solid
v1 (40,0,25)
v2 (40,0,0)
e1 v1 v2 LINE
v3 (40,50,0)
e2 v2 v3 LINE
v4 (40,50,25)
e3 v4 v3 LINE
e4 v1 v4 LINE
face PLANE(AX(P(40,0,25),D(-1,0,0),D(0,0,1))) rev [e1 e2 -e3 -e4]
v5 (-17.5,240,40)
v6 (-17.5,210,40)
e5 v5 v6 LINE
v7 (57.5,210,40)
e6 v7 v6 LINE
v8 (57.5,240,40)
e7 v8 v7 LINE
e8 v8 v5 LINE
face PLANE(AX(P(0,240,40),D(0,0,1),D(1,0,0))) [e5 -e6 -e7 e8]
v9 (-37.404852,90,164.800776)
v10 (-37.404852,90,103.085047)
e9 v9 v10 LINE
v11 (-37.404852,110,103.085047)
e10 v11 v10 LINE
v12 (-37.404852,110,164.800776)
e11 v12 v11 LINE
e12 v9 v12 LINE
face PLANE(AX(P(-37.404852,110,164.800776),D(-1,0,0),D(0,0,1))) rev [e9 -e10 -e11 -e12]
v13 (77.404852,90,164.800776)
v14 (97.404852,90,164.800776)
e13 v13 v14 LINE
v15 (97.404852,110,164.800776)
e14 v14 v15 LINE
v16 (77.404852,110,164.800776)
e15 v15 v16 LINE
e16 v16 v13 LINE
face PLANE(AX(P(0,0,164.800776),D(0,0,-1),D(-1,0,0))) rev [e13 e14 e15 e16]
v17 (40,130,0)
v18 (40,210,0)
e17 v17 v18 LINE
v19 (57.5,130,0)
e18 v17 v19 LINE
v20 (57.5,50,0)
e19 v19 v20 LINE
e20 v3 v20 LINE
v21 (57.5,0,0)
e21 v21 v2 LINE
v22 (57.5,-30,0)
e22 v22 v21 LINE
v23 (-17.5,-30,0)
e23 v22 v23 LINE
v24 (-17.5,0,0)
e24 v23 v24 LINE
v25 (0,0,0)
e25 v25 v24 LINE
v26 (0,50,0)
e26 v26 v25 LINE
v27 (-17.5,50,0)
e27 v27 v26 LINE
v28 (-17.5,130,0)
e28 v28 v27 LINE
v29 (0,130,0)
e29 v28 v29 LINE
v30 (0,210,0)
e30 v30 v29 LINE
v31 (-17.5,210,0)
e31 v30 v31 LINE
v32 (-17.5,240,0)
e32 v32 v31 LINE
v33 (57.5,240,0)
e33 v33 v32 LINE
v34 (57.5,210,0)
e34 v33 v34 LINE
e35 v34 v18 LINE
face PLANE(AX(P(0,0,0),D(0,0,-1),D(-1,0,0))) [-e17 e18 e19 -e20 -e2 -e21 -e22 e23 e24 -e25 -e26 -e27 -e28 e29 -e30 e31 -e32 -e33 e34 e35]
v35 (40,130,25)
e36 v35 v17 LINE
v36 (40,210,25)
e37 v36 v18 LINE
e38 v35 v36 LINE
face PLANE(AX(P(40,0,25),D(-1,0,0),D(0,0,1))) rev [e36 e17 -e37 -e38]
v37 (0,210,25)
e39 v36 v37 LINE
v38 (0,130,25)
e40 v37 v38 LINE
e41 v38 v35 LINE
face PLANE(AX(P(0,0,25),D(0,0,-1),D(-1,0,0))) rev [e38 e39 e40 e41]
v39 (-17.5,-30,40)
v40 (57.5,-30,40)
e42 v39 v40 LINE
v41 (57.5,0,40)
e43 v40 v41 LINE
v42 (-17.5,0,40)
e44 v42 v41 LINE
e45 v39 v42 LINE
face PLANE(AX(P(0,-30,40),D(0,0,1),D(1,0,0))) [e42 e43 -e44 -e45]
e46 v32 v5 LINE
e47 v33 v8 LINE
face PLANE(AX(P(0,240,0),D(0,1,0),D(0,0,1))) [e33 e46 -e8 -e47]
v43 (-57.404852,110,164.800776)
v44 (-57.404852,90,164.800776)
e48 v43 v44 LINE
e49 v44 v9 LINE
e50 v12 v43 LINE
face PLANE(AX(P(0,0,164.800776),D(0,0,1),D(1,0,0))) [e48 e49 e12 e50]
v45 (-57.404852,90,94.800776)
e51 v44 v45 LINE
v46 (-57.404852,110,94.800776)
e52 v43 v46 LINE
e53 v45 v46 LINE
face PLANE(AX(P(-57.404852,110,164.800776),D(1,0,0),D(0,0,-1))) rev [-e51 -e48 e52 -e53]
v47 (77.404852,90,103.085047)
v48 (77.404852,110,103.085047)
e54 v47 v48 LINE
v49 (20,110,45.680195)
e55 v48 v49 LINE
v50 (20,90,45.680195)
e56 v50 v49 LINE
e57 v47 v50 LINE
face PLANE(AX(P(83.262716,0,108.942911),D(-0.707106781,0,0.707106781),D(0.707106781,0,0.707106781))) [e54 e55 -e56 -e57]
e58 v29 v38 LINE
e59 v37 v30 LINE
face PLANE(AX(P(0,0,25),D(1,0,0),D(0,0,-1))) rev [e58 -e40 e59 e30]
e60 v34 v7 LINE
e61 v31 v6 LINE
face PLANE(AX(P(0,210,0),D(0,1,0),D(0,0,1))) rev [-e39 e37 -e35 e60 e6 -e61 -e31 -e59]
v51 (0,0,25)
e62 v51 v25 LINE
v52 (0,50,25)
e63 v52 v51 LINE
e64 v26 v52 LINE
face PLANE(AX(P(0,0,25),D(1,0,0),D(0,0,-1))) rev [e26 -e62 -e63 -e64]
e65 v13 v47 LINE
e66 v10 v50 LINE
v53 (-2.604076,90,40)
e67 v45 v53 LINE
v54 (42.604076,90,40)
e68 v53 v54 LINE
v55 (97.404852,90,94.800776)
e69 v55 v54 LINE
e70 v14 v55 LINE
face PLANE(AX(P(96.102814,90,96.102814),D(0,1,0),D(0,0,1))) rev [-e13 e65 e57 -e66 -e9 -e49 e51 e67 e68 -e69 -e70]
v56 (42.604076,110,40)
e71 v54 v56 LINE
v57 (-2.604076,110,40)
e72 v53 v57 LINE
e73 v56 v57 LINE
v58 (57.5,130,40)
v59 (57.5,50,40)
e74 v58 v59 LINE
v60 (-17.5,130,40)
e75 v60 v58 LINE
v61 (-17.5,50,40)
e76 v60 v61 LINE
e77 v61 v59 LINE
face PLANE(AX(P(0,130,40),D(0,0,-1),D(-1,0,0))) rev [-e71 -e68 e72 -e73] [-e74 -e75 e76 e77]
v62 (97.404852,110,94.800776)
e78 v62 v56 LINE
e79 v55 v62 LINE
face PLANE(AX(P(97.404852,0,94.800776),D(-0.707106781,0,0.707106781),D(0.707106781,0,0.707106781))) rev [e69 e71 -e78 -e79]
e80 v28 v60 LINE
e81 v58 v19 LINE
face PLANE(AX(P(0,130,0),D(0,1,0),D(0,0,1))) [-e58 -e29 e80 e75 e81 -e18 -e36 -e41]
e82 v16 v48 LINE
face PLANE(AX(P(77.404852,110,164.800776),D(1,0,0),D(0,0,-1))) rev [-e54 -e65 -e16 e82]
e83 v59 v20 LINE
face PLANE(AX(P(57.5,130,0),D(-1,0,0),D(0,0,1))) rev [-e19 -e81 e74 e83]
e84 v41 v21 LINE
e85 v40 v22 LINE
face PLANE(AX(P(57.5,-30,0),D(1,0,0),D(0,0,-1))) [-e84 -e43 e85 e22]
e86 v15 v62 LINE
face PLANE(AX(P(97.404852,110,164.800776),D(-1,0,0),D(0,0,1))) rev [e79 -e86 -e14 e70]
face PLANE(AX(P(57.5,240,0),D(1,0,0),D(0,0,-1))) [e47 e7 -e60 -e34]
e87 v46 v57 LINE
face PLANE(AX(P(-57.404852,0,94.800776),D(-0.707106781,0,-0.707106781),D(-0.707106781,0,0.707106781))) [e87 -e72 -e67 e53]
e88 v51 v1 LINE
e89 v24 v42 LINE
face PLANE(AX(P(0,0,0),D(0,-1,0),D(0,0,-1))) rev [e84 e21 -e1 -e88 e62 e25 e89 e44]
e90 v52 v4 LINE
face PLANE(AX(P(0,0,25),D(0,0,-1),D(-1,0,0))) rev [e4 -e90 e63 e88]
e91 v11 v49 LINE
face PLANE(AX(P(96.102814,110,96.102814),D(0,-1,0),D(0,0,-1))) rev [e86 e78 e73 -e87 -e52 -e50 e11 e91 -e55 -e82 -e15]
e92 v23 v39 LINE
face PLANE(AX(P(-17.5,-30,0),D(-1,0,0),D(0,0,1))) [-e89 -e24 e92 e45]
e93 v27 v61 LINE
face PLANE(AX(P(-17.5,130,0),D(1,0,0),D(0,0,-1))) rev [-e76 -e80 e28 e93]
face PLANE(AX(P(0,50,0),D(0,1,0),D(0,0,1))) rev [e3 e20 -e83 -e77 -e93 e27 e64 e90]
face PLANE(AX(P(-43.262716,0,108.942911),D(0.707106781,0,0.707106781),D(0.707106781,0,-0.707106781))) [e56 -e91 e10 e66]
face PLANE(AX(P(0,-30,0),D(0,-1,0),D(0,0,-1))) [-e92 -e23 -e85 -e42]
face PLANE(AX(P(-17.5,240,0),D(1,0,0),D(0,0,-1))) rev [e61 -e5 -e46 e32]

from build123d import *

# Parameters (mm, degrees)
SKETCH1_W           = 40
SKETCH1_H           = 210
BOSS_EXTRUDE1_DEPTH = 25
SKETCH2_W           = 40
SKETCH2_H           = 25
BOSS_EXTRUDE2_DEPTH = 30
SKETCH3_W           = 40
SKETCH3_H           = 25
BOSS_EXTRUDE3_DEPTH = 30
BOSS_EXTRUDE4_DEPTH = 80
SKETCH6_W           = 20
SKETCH6_H           = 20
BOSS_EXTRUDE5_DEPTH = 120
SKETCH7_W           = 20
SKETCH7_H           = 20
BOSS_EXTRUDE6_DEPTH = 120
SKETCH8_W           = 20
SKETCH8_H           = 20
BOSS_EXTRUDE7_DEPTH = 70


with BuildPart() as part:
    # Sketch1 → Boss-Extrude1 (new body)
    with BuildSketch(Plane.XY):
        with Locations((20, 105)):
            Rectangle(SKETCH1_W, SKETCH1_H)
    extrude(amount=BOSS_EXTRUDE1_DEPTH)

    # Sketch2 → Boss-Extrude2 (add)
    with BuildSketch(Plane(origin=(0, 210, 0), x_dir=(1, 0, 0), z_dir=(0, 1, 0))):
        Polygon((0, 0), (-17.5, 0), (-17.5, -40), (57.5, -40), (57.5, 0), (40, 0), (40, -25), (0, -25), align=None)
        with Locations((20, -12.5)):
            Rectangle(SKETCH2_W, SKETCH2_H)
    extrude(amount=BOSS_EXTRUDE2_DEPTH)

    # Sketch3 → Boss-Extrude3 (add)
    with BuildSketch(Plane.XZ):
        Polygon((57.5, 40), (57.5, 0), (40, 0), (40, 25), (0, 25), (0, 0), (-17.5, 0), (-17.5, 40), align=None)
        with Locations((20, 12.5)):
            Rectangle(SKETCH3_W, SKETCH3_H)
    extrude(amount=BOSS_EXTRUDE3_DEPTH)

    # Sketch5 → Boss-Extrude4 (add)
    with BuildSketch(Plane(origin=(0, 50, 0), x_dir=(1, 0, 0), z_dir=(0, 1, 0))):
        Polygon((57.5, 0), (0, 0), (-17.5, 0), (-17.5, -40), (57.5, -40), align=None)
    extrude(amount=BOSS_EXTRUDE4_DEPTH)

    # Sketch6 → Boss-Extrude5 (add)
    with BuildSketch(Plane(origin=(11.25, 0, 11.25), x_dir=(0.707106781, 0, -0.707106781), z_dir=(0.707106781, 0, 0.707106781))):
        with Locations((-8.158639918, 100)):
            Rectangle(SKETCH6_W, SKETCH6_H)
    extrude(amount=BOSS_EXTRUDE5_DEPTH)

    # Sketch7 → Boss-Extrude6 (add)
    with BuildSketch(Plane(origin=(8.75, 0, -8.75), x_dir=(0.707106781, 0, 0.707106781), z_dir=(-0.707106781, 0, 0.707106781))):
        with Locations((36.442911166, 100)):
            Rectangle(SKETCH7_W, SKETCH7_H)
    extrude(amount=BOSS_EXTRUDE6_DEPTH)

    # Sketch8 → Boss-Extrude7 (add)
    with BuildSketch(Plane.XY.offset(94.800775542)):
        with Locations((-47.404851943, 100)):
            Rectangle(SKETCH8_W, SKETCH8_H)
        with Locations((87.404851943, 100)):
            Rectangle(SKETCH8_W, SKETCH8_H)
    extrude(amount=BOSS_EXTRUDE7_DEPTH)


solid = part.part
